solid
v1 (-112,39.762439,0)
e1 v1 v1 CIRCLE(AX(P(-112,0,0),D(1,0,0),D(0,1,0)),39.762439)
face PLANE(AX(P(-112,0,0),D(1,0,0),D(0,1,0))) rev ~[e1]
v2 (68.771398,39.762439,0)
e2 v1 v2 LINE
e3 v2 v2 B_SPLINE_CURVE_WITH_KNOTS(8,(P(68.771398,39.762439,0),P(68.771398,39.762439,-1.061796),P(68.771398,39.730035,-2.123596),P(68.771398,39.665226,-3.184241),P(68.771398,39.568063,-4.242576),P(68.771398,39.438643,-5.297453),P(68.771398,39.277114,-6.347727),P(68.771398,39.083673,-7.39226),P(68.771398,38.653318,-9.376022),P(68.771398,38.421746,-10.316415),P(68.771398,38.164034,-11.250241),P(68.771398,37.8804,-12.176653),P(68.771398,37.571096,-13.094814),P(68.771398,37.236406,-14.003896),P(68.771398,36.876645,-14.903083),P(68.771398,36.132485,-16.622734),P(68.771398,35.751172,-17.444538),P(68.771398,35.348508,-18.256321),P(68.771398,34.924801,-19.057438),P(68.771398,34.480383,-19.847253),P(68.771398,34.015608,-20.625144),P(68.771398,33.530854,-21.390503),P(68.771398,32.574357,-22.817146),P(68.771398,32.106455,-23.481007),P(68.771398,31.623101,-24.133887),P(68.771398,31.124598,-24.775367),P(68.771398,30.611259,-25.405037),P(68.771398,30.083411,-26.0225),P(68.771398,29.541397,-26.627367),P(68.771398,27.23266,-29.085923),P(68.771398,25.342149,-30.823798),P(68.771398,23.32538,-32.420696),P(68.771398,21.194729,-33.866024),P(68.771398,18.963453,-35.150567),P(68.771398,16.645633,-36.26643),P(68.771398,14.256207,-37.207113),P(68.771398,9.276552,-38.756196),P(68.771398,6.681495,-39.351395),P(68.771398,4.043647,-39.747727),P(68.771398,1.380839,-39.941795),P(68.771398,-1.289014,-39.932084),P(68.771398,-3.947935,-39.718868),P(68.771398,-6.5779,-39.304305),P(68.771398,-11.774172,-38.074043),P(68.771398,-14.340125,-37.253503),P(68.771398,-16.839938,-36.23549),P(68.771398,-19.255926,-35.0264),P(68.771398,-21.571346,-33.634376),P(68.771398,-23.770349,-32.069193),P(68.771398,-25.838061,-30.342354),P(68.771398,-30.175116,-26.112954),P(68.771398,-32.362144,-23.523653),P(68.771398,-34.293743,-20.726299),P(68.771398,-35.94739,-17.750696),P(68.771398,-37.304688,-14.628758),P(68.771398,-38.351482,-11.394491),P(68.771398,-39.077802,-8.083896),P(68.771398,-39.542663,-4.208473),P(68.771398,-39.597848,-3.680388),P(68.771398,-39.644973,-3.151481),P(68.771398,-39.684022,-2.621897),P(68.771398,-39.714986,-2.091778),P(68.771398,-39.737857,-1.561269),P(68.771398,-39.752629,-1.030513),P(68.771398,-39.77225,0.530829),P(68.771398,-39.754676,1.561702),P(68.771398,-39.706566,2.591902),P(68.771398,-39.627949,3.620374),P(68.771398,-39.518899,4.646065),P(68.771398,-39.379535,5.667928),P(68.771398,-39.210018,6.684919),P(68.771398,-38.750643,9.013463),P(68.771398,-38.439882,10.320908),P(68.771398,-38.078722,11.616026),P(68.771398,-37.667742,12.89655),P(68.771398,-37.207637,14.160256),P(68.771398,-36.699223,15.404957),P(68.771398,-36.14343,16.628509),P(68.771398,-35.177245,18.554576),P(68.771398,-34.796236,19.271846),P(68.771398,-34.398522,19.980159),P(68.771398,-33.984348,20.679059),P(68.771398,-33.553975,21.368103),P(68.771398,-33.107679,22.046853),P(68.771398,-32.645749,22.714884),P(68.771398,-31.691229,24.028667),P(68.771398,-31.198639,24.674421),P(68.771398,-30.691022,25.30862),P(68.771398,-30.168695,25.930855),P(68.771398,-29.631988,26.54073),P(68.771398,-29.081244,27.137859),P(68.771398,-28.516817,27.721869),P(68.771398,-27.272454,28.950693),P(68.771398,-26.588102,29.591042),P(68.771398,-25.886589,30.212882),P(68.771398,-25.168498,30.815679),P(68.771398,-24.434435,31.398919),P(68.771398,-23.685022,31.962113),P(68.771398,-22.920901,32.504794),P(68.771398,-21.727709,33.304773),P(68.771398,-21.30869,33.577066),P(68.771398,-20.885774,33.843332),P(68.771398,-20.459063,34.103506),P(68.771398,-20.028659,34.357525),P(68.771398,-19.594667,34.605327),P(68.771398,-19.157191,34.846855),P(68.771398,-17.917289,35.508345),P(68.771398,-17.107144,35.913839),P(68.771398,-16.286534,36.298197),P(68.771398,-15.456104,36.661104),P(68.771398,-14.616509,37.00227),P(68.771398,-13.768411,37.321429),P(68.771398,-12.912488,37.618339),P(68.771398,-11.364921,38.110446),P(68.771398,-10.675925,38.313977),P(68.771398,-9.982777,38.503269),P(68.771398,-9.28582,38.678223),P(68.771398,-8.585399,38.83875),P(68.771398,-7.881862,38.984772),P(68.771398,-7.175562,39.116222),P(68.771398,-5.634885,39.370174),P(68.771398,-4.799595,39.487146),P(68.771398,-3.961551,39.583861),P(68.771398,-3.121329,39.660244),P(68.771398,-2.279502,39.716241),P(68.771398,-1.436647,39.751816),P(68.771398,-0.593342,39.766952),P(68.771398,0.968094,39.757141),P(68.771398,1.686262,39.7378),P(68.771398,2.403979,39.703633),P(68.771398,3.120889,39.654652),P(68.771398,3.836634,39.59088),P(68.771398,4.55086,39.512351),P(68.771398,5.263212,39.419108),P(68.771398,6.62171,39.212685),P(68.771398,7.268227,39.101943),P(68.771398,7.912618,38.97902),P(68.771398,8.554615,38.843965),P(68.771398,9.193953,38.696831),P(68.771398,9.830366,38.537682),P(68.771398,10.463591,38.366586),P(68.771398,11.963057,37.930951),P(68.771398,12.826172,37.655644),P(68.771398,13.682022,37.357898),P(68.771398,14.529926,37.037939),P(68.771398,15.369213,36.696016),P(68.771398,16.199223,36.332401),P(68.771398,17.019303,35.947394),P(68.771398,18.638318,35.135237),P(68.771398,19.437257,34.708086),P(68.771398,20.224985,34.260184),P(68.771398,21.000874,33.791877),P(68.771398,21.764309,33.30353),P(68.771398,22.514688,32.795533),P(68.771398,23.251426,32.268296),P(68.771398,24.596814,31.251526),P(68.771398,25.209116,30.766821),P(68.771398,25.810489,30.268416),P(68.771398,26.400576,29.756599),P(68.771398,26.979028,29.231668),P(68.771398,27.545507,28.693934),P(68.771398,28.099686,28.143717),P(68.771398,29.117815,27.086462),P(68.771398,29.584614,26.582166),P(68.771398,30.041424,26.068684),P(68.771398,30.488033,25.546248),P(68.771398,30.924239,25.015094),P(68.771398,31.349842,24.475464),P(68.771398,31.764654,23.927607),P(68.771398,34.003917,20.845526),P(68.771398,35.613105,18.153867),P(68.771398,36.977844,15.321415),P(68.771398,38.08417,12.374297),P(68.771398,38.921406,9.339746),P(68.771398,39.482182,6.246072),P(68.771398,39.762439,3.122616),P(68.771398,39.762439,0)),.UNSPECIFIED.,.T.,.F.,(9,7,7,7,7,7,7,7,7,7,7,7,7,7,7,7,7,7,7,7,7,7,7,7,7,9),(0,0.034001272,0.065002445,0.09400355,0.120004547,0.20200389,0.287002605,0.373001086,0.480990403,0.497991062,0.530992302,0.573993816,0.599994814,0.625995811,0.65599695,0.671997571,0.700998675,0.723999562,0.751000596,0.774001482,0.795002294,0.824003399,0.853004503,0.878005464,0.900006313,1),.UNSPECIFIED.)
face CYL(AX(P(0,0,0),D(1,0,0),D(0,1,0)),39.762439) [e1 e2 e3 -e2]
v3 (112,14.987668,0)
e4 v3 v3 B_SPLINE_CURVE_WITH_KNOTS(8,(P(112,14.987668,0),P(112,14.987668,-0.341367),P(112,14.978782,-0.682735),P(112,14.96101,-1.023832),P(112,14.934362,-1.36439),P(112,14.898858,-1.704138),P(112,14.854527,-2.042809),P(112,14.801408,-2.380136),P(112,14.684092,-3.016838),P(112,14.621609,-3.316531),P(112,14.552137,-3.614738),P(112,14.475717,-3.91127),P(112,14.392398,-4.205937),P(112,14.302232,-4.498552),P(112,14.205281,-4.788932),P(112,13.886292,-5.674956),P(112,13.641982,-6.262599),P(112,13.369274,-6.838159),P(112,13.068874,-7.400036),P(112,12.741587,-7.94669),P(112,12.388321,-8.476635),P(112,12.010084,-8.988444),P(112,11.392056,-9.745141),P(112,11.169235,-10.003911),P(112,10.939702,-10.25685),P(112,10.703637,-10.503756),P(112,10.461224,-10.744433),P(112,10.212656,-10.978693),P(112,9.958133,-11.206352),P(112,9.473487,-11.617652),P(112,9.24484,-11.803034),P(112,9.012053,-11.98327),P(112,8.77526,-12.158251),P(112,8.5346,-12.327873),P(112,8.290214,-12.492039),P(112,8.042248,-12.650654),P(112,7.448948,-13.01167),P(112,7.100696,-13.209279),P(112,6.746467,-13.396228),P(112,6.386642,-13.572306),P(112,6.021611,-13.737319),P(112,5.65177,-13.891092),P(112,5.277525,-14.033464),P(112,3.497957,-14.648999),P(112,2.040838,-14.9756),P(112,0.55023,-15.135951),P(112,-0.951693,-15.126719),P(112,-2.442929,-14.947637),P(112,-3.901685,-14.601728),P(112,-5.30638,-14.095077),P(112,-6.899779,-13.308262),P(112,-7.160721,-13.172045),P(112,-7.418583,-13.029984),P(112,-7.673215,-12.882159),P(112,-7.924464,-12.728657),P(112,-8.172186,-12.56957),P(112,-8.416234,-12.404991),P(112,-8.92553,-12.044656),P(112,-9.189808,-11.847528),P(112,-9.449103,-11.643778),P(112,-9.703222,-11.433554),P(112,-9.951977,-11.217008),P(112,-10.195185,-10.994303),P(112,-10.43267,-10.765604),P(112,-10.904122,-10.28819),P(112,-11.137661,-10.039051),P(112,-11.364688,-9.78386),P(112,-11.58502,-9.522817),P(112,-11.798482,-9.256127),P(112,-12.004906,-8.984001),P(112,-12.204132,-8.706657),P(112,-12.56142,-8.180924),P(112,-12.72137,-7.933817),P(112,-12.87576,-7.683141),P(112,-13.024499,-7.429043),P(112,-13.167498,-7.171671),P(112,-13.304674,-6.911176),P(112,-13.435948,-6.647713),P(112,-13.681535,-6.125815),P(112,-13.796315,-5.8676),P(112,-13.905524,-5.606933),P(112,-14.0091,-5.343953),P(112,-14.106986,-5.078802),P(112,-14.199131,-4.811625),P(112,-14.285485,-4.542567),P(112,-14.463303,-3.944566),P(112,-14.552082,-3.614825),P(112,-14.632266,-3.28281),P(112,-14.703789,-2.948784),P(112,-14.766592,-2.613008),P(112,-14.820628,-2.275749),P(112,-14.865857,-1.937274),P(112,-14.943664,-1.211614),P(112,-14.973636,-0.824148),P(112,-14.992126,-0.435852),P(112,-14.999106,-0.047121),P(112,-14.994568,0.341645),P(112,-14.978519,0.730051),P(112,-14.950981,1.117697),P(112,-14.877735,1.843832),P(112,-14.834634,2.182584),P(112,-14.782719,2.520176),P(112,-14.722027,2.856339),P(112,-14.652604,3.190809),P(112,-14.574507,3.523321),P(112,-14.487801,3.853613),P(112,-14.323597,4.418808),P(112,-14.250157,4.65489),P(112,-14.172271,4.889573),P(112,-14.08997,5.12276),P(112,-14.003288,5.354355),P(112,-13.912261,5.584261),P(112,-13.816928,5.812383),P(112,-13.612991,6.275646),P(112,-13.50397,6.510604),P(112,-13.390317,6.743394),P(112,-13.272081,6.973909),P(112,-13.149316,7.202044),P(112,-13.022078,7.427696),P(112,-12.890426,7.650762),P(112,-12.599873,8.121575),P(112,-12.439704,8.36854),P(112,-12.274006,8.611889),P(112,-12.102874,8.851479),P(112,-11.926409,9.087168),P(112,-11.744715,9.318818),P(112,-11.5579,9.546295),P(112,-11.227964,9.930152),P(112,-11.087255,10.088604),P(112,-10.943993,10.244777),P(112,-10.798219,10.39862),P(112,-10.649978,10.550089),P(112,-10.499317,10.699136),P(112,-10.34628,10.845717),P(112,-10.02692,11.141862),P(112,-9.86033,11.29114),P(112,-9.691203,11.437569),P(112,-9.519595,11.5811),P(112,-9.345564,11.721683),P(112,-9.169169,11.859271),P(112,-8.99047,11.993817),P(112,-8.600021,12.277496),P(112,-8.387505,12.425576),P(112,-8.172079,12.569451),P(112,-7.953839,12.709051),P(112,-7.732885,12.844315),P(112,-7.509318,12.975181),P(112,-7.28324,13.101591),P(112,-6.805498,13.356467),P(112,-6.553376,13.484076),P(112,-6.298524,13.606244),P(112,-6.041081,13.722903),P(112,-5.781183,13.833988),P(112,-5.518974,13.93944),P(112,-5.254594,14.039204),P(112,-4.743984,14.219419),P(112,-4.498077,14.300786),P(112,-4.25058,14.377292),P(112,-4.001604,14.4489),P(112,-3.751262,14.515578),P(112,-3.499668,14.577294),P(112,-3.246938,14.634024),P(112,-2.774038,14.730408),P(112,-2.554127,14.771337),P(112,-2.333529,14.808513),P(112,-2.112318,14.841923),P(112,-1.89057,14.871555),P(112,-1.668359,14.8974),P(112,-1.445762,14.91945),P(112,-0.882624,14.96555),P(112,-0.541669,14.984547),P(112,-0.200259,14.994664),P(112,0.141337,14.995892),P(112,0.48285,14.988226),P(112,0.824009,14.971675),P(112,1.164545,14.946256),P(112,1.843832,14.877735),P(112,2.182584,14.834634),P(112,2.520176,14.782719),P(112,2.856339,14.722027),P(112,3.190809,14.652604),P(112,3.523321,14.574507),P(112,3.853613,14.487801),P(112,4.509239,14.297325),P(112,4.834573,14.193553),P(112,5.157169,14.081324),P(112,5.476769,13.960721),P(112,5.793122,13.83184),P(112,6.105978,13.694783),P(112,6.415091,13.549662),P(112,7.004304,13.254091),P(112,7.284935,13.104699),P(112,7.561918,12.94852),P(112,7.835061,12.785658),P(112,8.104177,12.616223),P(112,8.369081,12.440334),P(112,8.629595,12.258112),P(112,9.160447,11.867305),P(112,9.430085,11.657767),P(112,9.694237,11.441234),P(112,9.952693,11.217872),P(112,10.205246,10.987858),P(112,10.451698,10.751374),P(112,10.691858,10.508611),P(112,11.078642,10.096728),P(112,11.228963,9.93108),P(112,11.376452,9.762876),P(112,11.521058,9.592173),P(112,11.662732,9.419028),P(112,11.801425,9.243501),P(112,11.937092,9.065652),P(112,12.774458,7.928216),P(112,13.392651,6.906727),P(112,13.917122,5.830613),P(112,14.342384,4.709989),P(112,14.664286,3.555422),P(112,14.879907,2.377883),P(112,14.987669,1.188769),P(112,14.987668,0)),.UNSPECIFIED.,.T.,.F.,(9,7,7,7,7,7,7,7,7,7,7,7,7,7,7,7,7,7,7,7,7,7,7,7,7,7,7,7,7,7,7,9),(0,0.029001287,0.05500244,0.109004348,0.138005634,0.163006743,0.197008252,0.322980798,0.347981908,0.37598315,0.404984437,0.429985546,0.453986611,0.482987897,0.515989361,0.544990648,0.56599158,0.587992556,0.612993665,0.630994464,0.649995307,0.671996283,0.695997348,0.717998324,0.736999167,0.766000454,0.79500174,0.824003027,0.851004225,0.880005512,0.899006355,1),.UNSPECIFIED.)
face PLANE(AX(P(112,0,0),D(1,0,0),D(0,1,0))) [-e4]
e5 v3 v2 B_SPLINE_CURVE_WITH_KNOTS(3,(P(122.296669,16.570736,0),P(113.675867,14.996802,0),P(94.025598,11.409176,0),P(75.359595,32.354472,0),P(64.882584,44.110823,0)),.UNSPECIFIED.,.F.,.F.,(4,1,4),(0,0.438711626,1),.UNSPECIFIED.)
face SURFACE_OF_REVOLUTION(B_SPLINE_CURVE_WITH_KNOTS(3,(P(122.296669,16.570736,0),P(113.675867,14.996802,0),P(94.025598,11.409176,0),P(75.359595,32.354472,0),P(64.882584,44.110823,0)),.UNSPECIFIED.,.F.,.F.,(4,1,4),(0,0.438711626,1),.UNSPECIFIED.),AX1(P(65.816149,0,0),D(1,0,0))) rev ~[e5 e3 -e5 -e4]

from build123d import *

# Parameters (mm, degrees)
F0_R     = 39.7624392978
F1_DEPTH = 112


with BuildPart() as f1:
    # F0 (on Right) → F1 (new body, symmetric)
    with BuildSketch(Plane.YZ):
        Circle(F0_R)
    extrude(amount=F1_DEPTH, both=True)

    # F2 (on Top) → F3 (revolve, cut)
    with BuildSketch(Plane.XY):
        with BuildLine():
            add(Edge.make_bspline(
                [(122.2966685891, 16.5707357228), (113.6758671842, 14.9968024794), (94.0255983117, 11.409176461), (75.3595947229, 32.3544723477), (64.8825839162, 44.1108234227)],
                knots=[0, 0, 0, 0, 0.4387116258, 1, 1, 1, 1], degree=3))
            Line((122.2966685891, 16.5707357228), (122.2966685891, 44.1108234227))
            Line((122.2966685891, 44.1108234227), (64.8825839162, 44.1108234227))
        make_face()
    revolve(axis=Axis((65.8161491156, 0, 0), (1, 0, 0)), mode=Mode.SUBTRACT)


solid = f1.part
